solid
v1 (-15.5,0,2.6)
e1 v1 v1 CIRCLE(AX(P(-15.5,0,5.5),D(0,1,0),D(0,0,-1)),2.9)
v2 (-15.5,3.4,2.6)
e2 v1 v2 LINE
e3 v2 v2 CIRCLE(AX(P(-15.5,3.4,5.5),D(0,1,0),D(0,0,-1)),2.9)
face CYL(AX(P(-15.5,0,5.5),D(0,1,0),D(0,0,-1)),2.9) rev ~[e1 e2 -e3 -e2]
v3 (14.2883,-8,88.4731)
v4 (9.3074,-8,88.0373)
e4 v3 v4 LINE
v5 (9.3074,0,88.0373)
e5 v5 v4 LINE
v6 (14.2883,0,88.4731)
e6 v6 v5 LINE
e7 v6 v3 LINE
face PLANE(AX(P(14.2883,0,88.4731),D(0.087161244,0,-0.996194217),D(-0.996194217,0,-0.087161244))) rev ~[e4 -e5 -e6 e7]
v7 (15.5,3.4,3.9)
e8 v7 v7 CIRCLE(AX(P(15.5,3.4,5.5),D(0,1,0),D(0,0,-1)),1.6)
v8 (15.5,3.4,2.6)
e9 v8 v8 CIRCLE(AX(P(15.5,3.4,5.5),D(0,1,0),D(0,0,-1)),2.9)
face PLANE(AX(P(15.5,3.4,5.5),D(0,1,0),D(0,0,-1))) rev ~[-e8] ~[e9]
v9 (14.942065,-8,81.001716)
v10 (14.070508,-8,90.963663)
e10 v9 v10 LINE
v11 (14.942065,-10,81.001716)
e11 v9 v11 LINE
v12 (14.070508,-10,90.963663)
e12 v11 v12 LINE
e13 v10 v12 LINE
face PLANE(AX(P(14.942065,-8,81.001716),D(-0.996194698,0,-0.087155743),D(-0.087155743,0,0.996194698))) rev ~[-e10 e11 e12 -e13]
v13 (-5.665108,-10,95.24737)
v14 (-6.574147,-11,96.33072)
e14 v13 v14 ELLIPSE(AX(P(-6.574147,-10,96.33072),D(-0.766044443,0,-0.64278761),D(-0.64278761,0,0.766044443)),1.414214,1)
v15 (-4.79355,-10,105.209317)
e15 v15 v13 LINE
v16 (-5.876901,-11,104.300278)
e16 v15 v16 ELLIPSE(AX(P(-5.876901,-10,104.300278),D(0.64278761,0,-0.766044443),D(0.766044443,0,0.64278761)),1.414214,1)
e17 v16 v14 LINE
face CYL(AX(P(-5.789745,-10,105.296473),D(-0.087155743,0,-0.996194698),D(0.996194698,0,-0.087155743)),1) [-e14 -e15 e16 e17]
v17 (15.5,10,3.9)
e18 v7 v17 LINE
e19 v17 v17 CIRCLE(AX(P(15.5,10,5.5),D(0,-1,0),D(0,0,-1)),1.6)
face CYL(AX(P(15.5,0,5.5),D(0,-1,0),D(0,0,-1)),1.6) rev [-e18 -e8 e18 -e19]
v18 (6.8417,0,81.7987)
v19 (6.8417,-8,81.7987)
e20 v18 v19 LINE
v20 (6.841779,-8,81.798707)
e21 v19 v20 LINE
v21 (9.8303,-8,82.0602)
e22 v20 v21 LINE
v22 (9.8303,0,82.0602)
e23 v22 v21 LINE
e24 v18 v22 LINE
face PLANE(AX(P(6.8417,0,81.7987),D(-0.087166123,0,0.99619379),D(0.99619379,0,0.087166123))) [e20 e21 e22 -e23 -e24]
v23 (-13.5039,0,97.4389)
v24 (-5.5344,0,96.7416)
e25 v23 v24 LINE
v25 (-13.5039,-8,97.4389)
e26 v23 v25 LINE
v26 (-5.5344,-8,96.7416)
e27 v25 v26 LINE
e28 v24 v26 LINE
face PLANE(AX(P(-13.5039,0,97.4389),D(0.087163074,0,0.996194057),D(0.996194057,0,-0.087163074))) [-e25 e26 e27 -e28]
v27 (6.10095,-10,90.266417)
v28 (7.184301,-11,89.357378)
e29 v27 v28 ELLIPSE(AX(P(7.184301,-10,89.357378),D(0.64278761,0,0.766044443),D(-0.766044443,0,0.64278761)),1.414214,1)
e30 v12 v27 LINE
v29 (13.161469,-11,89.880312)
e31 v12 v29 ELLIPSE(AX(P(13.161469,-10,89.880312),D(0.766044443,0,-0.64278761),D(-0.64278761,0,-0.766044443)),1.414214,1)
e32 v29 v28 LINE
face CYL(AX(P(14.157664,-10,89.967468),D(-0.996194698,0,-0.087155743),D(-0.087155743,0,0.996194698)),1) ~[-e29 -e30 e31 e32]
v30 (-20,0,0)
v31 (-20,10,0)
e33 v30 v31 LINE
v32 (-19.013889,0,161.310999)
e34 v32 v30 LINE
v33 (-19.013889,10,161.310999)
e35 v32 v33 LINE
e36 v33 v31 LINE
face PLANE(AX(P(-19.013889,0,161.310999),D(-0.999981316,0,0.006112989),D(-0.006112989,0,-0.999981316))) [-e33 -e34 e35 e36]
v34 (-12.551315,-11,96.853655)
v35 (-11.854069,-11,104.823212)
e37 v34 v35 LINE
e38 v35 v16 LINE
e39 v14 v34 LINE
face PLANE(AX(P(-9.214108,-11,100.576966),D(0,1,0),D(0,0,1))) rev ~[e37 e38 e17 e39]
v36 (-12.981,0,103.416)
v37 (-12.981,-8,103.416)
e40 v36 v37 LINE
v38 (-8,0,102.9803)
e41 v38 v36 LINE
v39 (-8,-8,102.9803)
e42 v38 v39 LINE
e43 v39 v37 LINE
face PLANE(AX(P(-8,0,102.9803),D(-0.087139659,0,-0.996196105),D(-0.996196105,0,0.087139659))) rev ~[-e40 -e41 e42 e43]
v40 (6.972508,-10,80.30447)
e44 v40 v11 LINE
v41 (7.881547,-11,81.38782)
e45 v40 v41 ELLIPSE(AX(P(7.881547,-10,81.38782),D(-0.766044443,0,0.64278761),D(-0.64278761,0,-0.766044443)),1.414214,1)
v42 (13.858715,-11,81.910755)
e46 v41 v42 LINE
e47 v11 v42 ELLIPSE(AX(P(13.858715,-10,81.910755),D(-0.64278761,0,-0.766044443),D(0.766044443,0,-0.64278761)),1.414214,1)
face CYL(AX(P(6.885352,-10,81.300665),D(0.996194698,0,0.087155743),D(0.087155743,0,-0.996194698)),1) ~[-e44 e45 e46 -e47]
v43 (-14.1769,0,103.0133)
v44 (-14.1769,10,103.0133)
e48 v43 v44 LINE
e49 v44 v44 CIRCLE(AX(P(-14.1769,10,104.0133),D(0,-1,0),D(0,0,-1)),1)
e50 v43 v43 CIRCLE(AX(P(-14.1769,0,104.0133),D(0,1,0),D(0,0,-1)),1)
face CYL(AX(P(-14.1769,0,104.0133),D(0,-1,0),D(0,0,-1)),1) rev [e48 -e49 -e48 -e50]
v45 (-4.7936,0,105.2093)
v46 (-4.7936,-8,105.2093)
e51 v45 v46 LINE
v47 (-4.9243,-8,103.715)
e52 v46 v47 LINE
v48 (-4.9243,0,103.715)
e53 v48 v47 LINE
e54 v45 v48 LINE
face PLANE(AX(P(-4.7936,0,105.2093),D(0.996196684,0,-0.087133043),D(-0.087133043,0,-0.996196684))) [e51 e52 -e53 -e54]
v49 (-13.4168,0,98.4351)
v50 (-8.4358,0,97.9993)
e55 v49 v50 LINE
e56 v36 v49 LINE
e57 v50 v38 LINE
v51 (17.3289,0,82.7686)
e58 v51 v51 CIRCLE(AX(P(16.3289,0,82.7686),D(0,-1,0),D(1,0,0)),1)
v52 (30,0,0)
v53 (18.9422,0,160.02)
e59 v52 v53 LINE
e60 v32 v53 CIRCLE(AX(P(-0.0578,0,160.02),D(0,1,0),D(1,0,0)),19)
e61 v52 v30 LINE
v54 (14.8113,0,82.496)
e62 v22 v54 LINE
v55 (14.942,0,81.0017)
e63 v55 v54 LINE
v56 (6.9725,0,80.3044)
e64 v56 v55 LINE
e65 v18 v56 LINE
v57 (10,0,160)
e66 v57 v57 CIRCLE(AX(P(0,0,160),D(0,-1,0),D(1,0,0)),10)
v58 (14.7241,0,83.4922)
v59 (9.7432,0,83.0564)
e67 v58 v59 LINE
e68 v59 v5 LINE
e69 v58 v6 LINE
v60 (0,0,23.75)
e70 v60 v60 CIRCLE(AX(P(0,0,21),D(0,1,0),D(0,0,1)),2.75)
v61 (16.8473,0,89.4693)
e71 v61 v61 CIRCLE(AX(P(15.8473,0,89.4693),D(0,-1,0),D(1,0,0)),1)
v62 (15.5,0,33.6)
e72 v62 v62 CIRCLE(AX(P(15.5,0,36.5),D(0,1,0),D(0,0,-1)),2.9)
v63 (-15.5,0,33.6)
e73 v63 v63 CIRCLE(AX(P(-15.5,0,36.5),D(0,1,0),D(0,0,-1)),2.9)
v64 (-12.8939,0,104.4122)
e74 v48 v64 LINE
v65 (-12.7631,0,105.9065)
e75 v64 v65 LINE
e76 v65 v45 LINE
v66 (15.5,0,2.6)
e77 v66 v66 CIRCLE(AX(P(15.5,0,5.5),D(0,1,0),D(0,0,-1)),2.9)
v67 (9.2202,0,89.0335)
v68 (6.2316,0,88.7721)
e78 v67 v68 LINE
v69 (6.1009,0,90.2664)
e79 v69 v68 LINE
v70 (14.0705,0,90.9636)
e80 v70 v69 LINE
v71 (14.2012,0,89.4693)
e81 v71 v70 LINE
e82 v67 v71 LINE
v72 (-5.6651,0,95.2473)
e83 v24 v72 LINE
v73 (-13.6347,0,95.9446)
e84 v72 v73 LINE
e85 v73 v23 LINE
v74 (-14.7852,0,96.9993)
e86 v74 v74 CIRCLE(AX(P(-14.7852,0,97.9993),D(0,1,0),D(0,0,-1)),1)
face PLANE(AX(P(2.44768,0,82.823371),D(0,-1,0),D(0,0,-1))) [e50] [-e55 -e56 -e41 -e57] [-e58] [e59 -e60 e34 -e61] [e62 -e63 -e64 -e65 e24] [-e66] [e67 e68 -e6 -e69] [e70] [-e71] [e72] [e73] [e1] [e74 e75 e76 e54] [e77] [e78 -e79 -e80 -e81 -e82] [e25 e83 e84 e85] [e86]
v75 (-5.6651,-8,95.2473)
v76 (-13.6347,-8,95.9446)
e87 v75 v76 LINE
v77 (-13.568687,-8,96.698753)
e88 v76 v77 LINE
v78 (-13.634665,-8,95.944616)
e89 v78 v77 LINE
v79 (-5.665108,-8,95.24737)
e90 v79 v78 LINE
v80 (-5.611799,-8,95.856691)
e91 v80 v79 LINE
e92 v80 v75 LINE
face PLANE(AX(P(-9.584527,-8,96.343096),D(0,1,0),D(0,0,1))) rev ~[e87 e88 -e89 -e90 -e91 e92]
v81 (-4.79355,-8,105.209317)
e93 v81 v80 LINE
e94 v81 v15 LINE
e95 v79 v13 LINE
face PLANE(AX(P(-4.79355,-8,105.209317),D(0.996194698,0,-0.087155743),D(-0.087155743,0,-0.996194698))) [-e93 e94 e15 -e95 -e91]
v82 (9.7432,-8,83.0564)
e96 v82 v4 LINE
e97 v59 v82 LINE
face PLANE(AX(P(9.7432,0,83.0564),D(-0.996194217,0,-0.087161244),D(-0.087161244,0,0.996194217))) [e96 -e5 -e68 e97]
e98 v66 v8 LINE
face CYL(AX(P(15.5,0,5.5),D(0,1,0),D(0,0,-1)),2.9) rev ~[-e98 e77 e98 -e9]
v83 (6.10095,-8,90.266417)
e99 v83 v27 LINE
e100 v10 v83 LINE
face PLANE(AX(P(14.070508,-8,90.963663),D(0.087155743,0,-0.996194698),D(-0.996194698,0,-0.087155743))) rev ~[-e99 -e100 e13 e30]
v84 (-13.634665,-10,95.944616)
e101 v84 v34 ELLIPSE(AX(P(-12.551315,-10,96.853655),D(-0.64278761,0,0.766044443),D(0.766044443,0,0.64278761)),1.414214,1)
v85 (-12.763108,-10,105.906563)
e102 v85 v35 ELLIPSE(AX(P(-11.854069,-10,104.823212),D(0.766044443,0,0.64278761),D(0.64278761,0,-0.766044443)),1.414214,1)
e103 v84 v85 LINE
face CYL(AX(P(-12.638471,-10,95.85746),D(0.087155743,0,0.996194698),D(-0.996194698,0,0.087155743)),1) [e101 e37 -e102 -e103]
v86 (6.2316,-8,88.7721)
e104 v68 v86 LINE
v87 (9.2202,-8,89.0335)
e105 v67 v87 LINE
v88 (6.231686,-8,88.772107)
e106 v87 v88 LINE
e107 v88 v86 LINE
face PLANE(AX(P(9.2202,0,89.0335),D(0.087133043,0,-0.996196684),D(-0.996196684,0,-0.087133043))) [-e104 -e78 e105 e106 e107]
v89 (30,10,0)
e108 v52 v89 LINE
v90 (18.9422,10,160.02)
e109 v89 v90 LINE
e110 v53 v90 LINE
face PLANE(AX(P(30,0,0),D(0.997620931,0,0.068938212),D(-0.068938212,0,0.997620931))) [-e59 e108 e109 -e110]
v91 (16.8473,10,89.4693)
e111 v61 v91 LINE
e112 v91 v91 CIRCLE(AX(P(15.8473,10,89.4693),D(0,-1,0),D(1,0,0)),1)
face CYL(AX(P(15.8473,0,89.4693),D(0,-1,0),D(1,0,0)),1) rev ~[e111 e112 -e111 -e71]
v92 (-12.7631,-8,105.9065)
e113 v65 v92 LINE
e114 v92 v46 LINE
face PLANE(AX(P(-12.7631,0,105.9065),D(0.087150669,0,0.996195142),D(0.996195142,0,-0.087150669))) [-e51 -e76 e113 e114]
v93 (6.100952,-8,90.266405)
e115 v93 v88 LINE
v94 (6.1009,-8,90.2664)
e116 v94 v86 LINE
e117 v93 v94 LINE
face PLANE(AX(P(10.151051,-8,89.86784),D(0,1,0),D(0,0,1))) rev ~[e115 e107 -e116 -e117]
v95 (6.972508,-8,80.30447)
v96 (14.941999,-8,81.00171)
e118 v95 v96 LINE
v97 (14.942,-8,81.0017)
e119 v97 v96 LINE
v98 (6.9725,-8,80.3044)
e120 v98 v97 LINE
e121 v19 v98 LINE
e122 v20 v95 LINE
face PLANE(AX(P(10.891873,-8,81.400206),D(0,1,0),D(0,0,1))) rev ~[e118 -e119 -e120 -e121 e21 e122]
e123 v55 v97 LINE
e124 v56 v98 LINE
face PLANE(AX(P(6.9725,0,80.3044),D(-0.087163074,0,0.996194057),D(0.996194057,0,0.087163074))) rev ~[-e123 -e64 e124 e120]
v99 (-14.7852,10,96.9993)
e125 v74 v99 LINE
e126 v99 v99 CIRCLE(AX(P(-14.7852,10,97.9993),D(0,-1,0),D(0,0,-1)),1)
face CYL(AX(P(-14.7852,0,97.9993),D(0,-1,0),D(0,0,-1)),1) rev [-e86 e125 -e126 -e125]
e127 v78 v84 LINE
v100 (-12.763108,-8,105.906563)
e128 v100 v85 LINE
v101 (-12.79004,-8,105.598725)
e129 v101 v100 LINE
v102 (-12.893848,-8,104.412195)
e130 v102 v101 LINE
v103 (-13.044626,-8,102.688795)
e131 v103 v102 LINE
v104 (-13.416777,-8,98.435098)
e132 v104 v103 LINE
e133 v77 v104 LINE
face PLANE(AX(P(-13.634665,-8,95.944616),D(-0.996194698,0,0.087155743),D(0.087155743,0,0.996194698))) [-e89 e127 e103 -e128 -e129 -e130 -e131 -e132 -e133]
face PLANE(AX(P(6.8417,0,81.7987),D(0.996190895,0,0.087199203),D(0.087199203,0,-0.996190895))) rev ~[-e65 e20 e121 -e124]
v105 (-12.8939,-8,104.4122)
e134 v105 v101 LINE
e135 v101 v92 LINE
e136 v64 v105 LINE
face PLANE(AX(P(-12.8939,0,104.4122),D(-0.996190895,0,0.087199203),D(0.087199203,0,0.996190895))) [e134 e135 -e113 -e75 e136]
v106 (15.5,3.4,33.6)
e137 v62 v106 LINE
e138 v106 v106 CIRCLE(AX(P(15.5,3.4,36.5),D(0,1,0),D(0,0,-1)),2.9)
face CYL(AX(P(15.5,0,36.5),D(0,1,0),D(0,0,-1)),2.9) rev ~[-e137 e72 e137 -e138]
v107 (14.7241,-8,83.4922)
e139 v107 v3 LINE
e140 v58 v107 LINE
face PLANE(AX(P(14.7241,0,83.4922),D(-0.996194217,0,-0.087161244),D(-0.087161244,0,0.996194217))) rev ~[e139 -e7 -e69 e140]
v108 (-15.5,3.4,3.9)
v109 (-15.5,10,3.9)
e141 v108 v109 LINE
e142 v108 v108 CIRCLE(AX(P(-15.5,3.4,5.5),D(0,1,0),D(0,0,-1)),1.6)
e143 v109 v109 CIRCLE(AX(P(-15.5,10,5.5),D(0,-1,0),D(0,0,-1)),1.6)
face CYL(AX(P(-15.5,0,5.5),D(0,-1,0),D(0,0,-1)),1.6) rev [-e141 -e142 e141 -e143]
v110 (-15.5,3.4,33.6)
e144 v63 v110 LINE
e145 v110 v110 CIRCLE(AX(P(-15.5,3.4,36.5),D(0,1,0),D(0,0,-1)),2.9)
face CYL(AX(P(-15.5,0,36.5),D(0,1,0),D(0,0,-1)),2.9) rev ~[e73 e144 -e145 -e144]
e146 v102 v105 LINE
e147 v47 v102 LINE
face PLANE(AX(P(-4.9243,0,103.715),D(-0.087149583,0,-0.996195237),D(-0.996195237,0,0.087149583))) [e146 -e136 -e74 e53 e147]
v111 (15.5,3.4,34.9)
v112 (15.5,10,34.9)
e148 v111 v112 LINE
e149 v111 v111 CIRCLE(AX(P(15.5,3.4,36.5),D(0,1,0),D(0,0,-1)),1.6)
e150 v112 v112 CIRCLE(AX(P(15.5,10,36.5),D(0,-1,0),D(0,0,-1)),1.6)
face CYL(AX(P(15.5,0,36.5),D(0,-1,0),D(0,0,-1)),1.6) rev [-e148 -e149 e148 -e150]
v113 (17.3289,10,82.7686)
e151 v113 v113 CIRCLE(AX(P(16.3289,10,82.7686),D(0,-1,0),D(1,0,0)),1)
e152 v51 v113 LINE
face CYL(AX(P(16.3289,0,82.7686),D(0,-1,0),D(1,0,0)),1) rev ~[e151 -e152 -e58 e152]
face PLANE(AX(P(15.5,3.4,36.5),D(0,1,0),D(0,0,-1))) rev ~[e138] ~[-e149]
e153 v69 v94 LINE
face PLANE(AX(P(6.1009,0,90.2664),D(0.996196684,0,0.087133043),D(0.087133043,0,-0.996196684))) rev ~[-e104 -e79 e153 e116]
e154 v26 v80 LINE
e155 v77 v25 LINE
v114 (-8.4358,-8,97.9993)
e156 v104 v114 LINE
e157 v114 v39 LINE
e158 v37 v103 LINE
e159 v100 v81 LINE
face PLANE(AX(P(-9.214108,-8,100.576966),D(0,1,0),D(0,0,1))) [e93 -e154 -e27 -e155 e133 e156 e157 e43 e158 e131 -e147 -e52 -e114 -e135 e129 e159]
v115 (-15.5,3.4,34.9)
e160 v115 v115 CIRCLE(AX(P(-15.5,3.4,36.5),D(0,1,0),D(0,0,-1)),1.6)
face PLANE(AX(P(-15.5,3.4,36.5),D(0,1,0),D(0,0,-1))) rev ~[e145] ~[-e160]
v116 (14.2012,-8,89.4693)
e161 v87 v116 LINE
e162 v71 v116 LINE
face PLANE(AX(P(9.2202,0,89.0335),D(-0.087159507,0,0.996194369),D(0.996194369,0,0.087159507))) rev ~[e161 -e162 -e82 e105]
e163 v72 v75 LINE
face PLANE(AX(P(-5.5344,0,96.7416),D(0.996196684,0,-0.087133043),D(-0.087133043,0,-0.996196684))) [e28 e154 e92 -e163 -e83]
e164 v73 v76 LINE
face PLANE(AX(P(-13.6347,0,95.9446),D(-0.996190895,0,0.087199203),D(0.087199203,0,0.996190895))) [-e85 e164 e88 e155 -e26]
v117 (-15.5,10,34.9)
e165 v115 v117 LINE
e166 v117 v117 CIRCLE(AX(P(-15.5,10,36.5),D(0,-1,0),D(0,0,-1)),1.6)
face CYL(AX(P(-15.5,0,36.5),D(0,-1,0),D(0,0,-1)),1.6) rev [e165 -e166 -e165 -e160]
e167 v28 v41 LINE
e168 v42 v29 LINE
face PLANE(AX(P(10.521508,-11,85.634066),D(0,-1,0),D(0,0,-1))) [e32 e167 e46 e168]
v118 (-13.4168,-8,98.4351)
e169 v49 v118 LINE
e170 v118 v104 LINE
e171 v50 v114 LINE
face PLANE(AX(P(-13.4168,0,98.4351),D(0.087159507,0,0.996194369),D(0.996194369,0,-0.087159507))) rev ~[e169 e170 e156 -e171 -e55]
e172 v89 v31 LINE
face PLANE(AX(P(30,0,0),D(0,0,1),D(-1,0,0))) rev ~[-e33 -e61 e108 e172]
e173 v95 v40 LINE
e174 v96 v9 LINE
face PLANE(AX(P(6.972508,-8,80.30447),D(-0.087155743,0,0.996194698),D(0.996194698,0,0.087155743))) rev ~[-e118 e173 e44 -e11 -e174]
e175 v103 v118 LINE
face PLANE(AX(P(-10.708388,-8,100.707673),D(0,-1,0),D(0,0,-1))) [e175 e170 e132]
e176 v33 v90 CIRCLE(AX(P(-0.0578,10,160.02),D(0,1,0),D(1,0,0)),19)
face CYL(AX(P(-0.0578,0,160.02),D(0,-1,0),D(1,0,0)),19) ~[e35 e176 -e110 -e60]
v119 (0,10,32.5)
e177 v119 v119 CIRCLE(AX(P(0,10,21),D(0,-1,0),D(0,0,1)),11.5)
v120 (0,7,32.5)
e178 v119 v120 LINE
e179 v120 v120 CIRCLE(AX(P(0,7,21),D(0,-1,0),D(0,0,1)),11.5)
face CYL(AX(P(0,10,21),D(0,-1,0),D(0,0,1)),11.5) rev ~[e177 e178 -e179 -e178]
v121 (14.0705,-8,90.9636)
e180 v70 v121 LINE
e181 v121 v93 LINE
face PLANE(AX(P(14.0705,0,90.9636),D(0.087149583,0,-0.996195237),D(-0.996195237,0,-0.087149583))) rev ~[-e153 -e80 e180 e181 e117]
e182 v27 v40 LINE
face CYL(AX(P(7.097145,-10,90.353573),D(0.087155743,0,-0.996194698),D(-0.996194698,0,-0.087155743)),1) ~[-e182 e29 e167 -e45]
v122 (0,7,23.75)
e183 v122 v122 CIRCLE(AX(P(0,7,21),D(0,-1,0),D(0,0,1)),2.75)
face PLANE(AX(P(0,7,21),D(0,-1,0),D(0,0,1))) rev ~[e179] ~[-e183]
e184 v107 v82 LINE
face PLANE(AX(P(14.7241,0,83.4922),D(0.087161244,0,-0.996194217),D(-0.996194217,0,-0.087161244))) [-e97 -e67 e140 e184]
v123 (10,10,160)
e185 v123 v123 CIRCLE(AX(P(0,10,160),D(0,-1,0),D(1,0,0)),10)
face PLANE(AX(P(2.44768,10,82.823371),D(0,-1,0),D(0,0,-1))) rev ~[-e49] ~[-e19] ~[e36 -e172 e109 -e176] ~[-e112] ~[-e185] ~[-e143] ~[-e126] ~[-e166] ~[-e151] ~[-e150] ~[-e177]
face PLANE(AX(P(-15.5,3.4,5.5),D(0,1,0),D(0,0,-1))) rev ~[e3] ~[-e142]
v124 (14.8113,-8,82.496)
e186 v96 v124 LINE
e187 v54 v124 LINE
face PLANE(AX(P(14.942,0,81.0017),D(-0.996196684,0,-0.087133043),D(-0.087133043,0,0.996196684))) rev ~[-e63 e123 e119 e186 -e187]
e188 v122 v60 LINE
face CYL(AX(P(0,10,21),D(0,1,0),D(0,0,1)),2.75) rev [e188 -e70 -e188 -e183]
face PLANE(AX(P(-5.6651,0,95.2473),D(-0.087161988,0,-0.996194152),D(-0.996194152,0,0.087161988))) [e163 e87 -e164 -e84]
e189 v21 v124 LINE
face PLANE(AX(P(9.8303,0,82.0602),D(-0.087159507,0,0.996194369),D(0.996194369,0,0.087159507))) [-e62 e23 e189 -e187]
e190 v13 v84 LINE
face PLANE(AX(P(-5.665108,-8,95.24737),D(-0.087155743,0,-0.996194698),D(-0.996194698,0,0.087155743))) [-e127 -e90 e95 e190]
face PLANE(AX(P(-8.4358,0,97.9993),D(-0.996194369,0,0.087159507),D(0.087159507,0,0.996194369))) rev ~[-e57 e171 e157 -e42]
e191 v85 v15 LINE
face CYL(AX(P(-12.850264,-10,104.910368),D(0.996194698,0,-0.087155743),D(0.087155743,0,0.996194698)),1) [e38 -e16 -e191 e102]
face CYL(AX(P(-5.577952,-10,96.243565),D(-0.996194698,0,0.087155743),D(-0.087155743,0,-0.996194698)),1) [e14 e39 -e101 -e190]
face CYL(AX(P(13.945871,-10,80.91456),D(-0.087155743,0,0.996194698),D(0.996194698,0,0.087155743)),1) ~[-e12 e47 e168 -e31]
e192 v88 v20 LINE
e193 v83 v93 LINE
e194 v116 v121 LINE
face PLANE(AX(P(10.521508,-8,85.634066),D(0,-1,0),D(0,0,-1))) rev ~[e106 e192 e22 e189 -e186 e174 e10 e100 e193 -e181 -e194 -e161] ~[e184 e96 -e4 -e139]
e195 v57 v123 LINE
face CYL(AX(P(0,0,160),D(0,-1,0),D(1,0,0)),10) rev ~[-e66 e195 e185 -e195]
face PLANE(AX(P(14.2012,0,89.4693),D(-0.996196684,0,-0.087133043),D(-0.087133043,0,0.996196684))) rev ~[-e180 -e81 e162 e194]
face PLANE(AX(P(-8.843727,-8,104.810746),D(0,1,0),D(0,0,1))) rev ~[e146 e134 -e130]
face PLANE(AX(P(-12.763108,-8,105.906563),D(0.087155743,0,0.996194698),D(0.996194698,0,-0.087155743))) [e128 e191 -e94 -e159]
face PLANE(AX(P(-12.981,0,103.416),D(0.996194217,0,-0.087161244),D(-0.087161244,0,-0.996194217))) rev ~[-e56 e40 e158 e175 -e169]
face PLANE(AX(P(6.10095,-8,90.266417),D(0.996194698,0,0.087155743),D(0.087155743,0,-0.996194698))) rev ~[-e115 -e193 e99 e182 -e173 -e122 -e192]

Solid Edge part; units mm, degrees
sketch "Sketch1" plane through (0, 0, 0) normal (0, -1, 0) x (1, 0, 0)
  line L0 (30, 0) -> (18.9422, 160.02)
  line L1 (-19.0139, 161.311) -> (-20, 0)
  line L2 (30, 0) -> (-20, 0)
  arc A0 (-19.0139, 161.311) -> (18.9422, 160.02) centre (-0.0578, 160.02) cw
extrude "Protrusion1" add sketch "Sketch1" against normal blind 10
sketch "Sketch2" plane through (0, 0, 0) normal (0, -1, 0) x (1, 0, 0)
  circle A0 centre (0, 160) radius 10
extrude "ExtrudedCutout_1" cut sketch "Sketch2" against normal blind 10
hole "Hole_1" at (-15.5, 0, 5.5) direction (0, 1, 0) diameter 3.2 end through all counterbore diameter 5.8 counterbore depth 3.4
pattern_linear "Pattern1" count 2 spacing 31 along (1, 0, 0) count 2 spacing 31 along (0, 0, 1) of "Hole_1"
hole "Hole_2" at (0, 10, 21) direction (0, -1, 0) diameter 5.5 end through all counterbore diameter 23 counterbore depth 3
sketch "Sketch3" plane through (0, 0, 89.51) normal (0, -1, 0) x (1, 0, 0)
  line L0 (9.2202, -0.4765) -> (6.2316, -0.7379)
  line L1 (6.1009, 0.7564) -> (6.2316, -0.7379)
  line L2 (14.0705, 1.4536) -> (6.1009, 0.7564)
  line L3 (14.2012, -0.0407) -> (14.0705, 1.4536)
  line L4 (9.2202, -0.4765) -> (14.2012, -0.0407)
  line L5 (14.7241, -6.0178) -> (9.7432, -6.4536)
  line L6 (9.7432, -6.4536) -> (9.3074, -1.4727)
  line L7 (14.2883, -1.0369) -> (9.3074, -1.4727)
  line L8 (14.7241, -6.0178) -> (14.2883, -1.0369)
  line L9 (9.8303, -7.4498) -> (14.8113, -7.014)
  line L10 (14.942, -8.5083) -> (14.8113, -7.014)
  line L11 (6.9725, -9.2056) -> (14.942, -8.5083)
  line L12 (6.8417, -7.7113) -> (6.9725, -9.2056)
  line L13 (6.8417, -7.7113) -> (9.8303, -7.4498)
  dimension "D1" = 10
  dimension "D2" = 8
  dimension "D3" = 7.5
  dimension "D4" = 5
  dimension "D5" = 3
  dimension "D6" = 2
  dimension "D7" = 2
  dimension "D8" = 10
  dimension "D9" = 8
  dimension "D10" = 1.5
  dimension "D11" = 5
  dimension "D12" = 5
  dimension "D13" = 5
  dimension "D14" = 1.5
  dimension "D15" = 1.5
extrude "ExtrudedProtrusion_2" add sketch "Sketch3" along normal blind 8
sketch "Sketch4" plane through (0, 0, 89.51) normal (0, -1, 0) x (1, 0, 0)
  circle A0 centre (15.8473, -0.0407) radius 1
  circle A1 centre (16.3289, -6.7414) radius 1
  dimension "D1" = 10
  dimension "D2" = 8
  dimension "D3" = 7.5
  dimension "D4" = 5
  dimension "D5" = 3
  dimension "D6" = 2
  dimension "D7" = 2
  dimension "D8" = 10
  dimension "D9" = 8
  dimension "D10" = 1.5
  dimension "D11" = 5
  dimension "D12" = 5
  dimension "D13" = 5
  dimension "D14" = 1.5
  dimension "D15" = 1.5
extrude "ExtrudedCutout_3" cut sketch "Sketch4" against normal blind 10
sketch "Sketch5" plane through (12.0158, -8, 85.7648) normal (0, -1, 0) x (0.9962, 0, 0.0872)
  line L0 (-5.5, 5) -> (-5.5, -5)
  line L1 (-5.5, -5) -> (2.5, -5)
  line L2 (2.5, -5) -> (2.5, 5)
  line L3 (2.5, 5) -> (-5.5, 5)
extrude "ExtrudedProtrusion_3" add sketch "Sketch5" along normal blind 3
sketch "Sketch6" plane through (0, 0, 89.51) normal (0, -1, 0) x (1, 0, 0)
  line L0 (-12.7631, 16.3965) -> (-4.7936, 15.6993)
  line L1 (-4.7936, 15.6993) -> (-4.9243, 14.205)
  line L2 (-4.9243, 14.205) -> (-12.8939, 14.9022)
  line L3 (-12.8939, 14.9022) -> (-12.7631, 16.3965)
  line L4 (-8.4358, 8.4893) -> (-8, 13.4703)
  line L5 (-8, 13.4703) -> (-12.981, 13.906)
  line L6 (-12.981, 13.906) -> (-13.4168, 8.9251)
  line L7 (-13.4168, 8.9251) -> (-8.4358, 8.4893)
  line L8 (-13.5039, 7.9289) -> (-5.5344, 7.2316)
  line L9 (-5.5344, 7.2316) -> (-5.6651, 5.7373)
  line L10 (-5.6651, 5.7373) -> (-13.6347, 6.4346)
  line L11 (-13.6347, 6.4346) -> (-13.5039, 7.9289)
  dimension "D1" = 10
  dimension "D2" = 8
  dimension "D3" = 7.5
  dimension "D4" = 5
  dimension "D5" = 3
  dimension "D6" = 2
  dimension "D7" = 2
  dimension "D8" = 10
  dimension "D9" = 8
  dimension "D10" = 1.5
  dimension "D11" = 5
  dimension "D12" = 5
  dimension "D13" = 5
  dimension "D14" = 1.5
  dimension "D15" = 1.5
extrude "ExtrudedProtrusion_4" add sketch "Sketch6" along normal blind 8
sketch "Sketch7" plane through (-10.7084, -8, 100.7077) normal (0, -1, 0) x (0.9962, 0, -0.0872)
  line L0 (5.5, 5) -> (5.5, -5)
  line L1 (5.5, -5) -> (-2.5, -5)
  line L2 (-2.5, -5) -> (-2.5, 5)
  line L3 (-2.5, 5) -> (5.5, 5)
extrude "ExtrudedProtrusion_5" add sketch "Sketch7" along normal blind 3
hole "Hole1" at (-14.1769, 0, 104.0133) direction (0, 1, 0) diameter 2 end up to next
hole "Hole2" at (-14.7852, 0, 97.9993) direction (0, 1, 0) diameter 2 end up to next
fillet "Round_1" [suppressed]
fillet "Round_2" radius 1 4 edges at (-8.7783, -11, 105.5579) (-13.1989, -11, 100.9256) (-9.6499, -11, 95.596) (-5.2293, -11, 100.2283)
fillet "Round_3" radius 1 4 edges at (10.0857, -11, 90.615) (6.5367, -11, 85.2854) (10.9572, -11, 80.653) (14.5062, -11, 85.9826)
fillet "Round_4" [suppressed]
